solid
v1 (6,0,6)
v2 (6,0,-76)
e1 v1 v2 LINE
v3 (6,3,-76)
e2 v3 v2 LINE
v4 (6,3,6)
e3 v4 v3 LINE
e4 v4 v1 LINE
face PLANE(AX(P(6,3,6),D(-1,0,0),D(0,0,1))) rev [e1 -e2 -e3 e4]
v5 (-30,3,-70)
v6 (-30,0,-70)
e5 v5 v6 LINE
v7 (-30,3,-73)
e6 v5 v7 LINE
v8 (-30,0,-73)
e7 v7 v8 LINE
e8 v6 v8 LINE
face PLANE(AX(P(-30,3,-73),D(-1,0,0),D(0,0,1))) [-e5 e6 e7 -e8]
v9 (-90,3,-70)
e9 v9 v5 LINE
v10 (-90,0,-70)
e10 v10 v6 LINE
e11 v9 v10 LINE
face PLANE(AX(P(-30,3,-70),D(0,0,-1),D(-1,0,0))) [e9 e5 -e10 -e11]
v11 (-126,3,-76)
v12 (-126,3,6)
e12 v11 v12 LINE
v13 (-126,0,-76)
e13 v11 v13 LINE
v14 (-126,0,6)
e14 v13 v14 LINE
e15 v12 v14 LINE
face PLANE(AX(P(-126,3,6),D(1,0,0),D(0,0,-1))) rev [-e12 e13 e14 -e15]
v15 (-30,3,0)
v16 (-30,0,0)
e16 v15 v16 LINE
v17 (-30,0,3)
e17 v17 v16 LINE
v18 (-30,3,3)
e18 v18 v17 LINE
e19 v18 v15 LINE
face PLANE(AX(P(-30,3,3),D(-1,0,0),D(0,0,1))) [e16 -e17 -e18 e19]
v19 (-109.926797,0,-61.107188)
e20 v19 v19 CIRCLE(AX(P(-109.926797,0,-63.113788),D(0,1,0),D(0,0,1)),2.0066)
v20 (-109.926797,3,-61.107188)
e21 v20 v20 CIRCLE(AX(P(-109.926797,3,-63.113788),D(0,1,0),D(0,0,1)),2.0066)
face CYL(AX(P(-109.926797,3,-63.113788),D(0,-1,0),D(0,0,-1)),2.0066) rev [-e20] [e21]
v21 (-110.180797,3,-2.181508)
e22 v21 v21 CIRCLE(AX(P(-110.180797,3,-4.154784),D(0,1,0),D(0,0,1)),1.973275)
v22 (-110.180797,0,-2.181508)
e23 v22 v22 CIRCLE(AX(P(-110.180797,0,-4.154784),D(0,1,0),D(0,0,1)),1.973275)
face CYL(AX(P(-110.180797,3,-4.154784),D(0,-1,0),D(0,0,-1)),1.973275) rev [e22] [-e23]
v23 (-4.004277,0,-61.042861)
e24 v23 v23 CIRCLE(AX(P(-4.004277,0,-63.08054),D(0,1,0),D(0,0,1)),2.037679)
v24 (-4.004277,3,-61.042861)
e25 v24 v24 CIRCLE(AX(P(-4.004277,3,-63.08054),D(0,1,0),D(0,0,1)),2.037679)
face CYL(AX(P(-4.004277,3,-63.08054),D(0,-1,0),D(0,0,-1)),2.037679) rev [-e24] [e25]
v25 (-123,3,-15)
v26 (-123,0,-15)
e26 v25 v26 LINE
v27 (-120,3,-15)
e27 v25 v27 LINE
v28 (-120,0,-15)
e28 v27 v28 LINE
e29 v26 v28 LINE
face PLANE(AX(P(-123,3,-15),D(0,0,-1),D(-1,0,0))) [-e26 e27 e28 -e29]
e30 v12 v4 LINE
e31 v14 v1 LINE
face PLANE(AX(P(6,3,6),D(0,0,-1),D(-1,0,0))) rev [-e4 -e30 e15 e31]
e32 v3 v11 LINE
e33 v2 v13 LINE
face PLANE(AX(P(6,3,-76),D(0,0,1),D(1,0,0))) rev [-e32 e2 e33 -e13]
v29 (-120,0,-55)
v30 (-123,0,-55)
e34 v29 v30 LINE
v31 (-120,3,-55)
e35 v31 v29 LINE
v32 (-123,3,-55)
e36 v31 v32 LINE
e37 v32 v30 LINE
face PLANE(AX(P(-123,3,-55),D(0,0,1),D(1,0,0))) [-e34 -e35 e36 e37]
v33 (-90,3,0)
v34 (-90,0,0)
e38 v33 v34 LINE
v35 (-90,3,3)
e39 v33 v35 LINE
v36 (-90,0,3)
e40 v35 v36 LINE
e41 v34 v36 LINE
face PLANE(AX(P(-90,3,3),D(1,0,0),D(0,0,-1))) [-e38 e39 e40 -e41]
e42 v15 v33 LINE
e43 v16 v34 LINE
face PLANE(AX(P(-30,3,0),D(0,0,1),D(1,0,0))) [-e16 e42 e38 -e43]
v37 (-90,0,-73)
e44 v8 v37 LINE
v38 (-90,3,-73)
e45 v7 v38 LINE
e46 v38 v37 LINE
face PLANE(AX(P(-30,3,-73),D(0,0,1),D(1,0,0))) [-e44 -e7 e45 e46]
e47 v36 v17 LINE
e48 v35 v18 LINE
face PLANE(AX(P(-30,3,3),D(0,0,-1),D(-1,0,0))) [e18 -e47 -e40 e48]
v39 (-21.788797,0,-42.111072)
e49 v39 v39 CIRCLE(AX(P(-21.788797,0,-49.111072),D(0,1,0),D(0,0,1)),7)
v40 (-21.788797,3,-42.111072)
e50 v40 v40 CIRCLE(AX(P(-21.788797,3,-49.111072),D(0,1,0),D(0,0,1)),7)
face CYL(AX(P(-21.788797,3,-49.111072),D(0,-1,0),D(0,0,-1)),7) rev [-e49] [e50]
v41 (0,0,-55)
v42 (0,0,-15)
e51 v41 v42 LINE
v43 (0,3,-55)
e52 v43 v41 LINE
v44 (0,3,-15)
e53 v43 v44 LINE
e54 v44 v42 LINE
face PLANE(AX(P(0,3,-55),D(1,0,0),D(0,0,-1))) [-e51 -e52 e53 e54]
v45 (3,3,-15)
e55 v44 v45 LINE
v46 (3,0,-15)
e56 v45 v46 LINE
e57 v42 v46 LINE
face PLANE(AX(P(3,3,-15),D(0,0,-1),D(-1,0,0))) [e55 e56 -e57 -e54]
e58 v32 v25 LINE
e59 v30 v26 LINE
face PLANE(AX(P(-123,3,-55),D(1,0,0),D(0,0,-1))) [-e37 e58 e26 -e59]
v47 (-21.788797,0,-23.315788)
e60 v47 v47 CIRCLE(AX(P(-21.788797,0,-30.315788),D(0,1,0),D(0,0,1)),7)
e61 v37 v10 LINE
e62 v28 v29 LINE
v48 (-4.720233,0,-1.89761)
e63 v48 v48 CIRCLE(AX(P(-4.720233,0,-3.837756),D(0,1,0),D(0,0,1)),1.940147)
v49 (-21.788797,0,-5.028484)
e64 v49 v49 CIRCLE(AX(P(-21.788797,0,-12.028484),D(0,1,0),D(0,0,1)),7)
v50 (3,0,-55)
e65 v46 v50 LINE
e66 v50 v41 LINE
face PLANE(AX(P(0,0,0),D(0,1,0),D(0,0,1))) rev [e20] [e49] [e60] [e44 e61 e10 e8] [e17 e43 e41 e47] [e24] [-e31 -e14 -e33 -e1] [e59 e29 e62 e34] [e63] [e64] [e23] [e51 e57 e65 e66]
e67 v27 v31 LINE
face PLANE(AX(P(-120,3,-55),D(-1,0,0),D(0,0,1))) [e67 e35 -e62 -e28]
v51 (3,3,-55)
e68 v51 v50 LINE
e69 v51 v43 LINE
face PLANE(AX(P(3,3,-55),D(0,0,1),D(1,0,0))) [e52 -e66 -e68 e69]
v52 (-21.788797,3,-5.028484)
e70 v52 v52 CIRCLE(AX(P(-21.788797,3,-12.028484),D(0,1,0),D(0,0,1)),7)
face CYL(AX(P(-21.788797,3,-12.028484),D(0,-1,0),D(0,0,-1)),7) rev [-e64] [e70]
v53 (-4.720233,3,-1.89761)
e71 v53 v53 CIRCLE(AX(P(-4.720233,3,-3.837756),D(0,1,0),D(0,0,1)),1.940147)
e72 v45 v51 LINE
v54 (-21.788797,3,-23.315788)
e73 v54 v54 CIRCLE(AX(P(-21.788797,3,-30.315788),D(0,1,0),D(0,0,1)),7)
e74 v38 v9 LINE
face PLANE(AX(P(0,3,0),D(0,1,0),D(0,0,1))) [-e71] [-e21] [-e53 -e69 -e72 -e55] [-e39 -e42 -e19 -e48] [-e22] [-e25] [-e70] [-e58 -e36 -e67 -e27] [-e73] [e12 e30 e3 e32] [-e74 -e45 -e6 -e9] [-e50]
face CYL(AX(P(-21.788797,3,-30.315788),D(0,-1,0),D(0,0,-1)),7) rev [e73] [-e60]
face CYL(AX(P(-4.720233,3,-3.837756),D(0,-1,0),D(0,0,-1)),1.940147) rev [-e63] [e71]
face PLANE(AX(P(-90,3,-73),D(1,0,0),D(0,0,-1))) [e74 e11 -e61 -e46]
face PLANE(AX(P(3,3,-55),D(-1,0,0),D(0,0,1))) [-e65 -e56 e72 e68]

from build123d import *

# Parameters (mm, degrees)
SKETCH2_W           = 132
SKETCH2_H           = 82
SKETCH2_R           = 2.0066
SKETCH2_R_2         = 1.973275495
SKETCH2_R_3         = 2.037679125
SKETCH2_R_4         = 1.940146634
SKETCH2_R_5         = 7
SKETCH2_W_2         = 3
SKETCH2_H_2         = 40
SKETCH2_W_3         = 60
SKETCH2_H_3         = 3
BOSS_EXTRUDE1_DEPTH = 3


with BuildPart() as part:
    # Sketch2 → Boss-Extrude1 (new body)
    with BuildSketch(Plane(origin=(0, 0, 0), x_dir=(1, 0, 0), z_dir=(0, 1, 0))):
        with Locations((-60, 35)):
            Rectangle(SKETCH2_W, SKETCH2_H)
        with Locations(Location((-109.92679739, 63.113788195, 0), (0, 0, 270))):
            Circle(SKETCH2_R, mode=Mode.SUBTRACT)
        with Locations(Location((-110.18079739, 4.154783893, 0), (0, 0, 270))):
            Circle(SKETCH2_R_2, mode=Mode.SUBTRACT)
        with Locations(Location((-4.004277447, 63.080540095, 0), (0, 0, 270))):
            Circle(SKETCH2_R_3, mode=Mode.SUBTRACT)
        with Locations(Location((-4.720233043, 3.837756232, 0), (0, 0, 270))):
            Circle(SKETCH2_R_4, mode=Mode.SUBTRACT)
        with Locations(Location((-21.78879739, 49.11107203, 0), (0, 0, 270))):
            Circle(SKETCH2_R_5, mode=Mode.SUBTRACT)
        with Locations(Location((-21.78879739, 30.315787724, 0), (0, 0, 270))):
            Circle(SKETCH2_R_5, mode=Mode.SUBTRACT)
        with Locations(Location((-21.78879739, 12.028484075, 0), (0, 0, 270))):
            Circle(SKETCH2_R_5, mode=Mode.SUBTRACT)
        with Locations((1.5, 35)):
            Rectangle(SKETCH2_W_2, SKETCH2_H_2, mode=Mode.SUBTRACT)
        with Locations((-121.5, 35)):
            Rectangle(SKETCH2_W_2, SKETCH2_H_2, mode=Mode.SUBTRACT)
        with Locations((-60, 71.5)):
            Rectangle(SKETCH2_W_3, SKETCH2_H_3, mode=Mode.SUBTRACT)
        with Locations((-60, -1.5)):
            Rectangle(SKETCH2_W_3, SKETCH2_H_3, mode=Mode.SUBTRACT)
    extrude(amount=BOSS_EXTRUDE1_DEPTH)


solid = part.part
